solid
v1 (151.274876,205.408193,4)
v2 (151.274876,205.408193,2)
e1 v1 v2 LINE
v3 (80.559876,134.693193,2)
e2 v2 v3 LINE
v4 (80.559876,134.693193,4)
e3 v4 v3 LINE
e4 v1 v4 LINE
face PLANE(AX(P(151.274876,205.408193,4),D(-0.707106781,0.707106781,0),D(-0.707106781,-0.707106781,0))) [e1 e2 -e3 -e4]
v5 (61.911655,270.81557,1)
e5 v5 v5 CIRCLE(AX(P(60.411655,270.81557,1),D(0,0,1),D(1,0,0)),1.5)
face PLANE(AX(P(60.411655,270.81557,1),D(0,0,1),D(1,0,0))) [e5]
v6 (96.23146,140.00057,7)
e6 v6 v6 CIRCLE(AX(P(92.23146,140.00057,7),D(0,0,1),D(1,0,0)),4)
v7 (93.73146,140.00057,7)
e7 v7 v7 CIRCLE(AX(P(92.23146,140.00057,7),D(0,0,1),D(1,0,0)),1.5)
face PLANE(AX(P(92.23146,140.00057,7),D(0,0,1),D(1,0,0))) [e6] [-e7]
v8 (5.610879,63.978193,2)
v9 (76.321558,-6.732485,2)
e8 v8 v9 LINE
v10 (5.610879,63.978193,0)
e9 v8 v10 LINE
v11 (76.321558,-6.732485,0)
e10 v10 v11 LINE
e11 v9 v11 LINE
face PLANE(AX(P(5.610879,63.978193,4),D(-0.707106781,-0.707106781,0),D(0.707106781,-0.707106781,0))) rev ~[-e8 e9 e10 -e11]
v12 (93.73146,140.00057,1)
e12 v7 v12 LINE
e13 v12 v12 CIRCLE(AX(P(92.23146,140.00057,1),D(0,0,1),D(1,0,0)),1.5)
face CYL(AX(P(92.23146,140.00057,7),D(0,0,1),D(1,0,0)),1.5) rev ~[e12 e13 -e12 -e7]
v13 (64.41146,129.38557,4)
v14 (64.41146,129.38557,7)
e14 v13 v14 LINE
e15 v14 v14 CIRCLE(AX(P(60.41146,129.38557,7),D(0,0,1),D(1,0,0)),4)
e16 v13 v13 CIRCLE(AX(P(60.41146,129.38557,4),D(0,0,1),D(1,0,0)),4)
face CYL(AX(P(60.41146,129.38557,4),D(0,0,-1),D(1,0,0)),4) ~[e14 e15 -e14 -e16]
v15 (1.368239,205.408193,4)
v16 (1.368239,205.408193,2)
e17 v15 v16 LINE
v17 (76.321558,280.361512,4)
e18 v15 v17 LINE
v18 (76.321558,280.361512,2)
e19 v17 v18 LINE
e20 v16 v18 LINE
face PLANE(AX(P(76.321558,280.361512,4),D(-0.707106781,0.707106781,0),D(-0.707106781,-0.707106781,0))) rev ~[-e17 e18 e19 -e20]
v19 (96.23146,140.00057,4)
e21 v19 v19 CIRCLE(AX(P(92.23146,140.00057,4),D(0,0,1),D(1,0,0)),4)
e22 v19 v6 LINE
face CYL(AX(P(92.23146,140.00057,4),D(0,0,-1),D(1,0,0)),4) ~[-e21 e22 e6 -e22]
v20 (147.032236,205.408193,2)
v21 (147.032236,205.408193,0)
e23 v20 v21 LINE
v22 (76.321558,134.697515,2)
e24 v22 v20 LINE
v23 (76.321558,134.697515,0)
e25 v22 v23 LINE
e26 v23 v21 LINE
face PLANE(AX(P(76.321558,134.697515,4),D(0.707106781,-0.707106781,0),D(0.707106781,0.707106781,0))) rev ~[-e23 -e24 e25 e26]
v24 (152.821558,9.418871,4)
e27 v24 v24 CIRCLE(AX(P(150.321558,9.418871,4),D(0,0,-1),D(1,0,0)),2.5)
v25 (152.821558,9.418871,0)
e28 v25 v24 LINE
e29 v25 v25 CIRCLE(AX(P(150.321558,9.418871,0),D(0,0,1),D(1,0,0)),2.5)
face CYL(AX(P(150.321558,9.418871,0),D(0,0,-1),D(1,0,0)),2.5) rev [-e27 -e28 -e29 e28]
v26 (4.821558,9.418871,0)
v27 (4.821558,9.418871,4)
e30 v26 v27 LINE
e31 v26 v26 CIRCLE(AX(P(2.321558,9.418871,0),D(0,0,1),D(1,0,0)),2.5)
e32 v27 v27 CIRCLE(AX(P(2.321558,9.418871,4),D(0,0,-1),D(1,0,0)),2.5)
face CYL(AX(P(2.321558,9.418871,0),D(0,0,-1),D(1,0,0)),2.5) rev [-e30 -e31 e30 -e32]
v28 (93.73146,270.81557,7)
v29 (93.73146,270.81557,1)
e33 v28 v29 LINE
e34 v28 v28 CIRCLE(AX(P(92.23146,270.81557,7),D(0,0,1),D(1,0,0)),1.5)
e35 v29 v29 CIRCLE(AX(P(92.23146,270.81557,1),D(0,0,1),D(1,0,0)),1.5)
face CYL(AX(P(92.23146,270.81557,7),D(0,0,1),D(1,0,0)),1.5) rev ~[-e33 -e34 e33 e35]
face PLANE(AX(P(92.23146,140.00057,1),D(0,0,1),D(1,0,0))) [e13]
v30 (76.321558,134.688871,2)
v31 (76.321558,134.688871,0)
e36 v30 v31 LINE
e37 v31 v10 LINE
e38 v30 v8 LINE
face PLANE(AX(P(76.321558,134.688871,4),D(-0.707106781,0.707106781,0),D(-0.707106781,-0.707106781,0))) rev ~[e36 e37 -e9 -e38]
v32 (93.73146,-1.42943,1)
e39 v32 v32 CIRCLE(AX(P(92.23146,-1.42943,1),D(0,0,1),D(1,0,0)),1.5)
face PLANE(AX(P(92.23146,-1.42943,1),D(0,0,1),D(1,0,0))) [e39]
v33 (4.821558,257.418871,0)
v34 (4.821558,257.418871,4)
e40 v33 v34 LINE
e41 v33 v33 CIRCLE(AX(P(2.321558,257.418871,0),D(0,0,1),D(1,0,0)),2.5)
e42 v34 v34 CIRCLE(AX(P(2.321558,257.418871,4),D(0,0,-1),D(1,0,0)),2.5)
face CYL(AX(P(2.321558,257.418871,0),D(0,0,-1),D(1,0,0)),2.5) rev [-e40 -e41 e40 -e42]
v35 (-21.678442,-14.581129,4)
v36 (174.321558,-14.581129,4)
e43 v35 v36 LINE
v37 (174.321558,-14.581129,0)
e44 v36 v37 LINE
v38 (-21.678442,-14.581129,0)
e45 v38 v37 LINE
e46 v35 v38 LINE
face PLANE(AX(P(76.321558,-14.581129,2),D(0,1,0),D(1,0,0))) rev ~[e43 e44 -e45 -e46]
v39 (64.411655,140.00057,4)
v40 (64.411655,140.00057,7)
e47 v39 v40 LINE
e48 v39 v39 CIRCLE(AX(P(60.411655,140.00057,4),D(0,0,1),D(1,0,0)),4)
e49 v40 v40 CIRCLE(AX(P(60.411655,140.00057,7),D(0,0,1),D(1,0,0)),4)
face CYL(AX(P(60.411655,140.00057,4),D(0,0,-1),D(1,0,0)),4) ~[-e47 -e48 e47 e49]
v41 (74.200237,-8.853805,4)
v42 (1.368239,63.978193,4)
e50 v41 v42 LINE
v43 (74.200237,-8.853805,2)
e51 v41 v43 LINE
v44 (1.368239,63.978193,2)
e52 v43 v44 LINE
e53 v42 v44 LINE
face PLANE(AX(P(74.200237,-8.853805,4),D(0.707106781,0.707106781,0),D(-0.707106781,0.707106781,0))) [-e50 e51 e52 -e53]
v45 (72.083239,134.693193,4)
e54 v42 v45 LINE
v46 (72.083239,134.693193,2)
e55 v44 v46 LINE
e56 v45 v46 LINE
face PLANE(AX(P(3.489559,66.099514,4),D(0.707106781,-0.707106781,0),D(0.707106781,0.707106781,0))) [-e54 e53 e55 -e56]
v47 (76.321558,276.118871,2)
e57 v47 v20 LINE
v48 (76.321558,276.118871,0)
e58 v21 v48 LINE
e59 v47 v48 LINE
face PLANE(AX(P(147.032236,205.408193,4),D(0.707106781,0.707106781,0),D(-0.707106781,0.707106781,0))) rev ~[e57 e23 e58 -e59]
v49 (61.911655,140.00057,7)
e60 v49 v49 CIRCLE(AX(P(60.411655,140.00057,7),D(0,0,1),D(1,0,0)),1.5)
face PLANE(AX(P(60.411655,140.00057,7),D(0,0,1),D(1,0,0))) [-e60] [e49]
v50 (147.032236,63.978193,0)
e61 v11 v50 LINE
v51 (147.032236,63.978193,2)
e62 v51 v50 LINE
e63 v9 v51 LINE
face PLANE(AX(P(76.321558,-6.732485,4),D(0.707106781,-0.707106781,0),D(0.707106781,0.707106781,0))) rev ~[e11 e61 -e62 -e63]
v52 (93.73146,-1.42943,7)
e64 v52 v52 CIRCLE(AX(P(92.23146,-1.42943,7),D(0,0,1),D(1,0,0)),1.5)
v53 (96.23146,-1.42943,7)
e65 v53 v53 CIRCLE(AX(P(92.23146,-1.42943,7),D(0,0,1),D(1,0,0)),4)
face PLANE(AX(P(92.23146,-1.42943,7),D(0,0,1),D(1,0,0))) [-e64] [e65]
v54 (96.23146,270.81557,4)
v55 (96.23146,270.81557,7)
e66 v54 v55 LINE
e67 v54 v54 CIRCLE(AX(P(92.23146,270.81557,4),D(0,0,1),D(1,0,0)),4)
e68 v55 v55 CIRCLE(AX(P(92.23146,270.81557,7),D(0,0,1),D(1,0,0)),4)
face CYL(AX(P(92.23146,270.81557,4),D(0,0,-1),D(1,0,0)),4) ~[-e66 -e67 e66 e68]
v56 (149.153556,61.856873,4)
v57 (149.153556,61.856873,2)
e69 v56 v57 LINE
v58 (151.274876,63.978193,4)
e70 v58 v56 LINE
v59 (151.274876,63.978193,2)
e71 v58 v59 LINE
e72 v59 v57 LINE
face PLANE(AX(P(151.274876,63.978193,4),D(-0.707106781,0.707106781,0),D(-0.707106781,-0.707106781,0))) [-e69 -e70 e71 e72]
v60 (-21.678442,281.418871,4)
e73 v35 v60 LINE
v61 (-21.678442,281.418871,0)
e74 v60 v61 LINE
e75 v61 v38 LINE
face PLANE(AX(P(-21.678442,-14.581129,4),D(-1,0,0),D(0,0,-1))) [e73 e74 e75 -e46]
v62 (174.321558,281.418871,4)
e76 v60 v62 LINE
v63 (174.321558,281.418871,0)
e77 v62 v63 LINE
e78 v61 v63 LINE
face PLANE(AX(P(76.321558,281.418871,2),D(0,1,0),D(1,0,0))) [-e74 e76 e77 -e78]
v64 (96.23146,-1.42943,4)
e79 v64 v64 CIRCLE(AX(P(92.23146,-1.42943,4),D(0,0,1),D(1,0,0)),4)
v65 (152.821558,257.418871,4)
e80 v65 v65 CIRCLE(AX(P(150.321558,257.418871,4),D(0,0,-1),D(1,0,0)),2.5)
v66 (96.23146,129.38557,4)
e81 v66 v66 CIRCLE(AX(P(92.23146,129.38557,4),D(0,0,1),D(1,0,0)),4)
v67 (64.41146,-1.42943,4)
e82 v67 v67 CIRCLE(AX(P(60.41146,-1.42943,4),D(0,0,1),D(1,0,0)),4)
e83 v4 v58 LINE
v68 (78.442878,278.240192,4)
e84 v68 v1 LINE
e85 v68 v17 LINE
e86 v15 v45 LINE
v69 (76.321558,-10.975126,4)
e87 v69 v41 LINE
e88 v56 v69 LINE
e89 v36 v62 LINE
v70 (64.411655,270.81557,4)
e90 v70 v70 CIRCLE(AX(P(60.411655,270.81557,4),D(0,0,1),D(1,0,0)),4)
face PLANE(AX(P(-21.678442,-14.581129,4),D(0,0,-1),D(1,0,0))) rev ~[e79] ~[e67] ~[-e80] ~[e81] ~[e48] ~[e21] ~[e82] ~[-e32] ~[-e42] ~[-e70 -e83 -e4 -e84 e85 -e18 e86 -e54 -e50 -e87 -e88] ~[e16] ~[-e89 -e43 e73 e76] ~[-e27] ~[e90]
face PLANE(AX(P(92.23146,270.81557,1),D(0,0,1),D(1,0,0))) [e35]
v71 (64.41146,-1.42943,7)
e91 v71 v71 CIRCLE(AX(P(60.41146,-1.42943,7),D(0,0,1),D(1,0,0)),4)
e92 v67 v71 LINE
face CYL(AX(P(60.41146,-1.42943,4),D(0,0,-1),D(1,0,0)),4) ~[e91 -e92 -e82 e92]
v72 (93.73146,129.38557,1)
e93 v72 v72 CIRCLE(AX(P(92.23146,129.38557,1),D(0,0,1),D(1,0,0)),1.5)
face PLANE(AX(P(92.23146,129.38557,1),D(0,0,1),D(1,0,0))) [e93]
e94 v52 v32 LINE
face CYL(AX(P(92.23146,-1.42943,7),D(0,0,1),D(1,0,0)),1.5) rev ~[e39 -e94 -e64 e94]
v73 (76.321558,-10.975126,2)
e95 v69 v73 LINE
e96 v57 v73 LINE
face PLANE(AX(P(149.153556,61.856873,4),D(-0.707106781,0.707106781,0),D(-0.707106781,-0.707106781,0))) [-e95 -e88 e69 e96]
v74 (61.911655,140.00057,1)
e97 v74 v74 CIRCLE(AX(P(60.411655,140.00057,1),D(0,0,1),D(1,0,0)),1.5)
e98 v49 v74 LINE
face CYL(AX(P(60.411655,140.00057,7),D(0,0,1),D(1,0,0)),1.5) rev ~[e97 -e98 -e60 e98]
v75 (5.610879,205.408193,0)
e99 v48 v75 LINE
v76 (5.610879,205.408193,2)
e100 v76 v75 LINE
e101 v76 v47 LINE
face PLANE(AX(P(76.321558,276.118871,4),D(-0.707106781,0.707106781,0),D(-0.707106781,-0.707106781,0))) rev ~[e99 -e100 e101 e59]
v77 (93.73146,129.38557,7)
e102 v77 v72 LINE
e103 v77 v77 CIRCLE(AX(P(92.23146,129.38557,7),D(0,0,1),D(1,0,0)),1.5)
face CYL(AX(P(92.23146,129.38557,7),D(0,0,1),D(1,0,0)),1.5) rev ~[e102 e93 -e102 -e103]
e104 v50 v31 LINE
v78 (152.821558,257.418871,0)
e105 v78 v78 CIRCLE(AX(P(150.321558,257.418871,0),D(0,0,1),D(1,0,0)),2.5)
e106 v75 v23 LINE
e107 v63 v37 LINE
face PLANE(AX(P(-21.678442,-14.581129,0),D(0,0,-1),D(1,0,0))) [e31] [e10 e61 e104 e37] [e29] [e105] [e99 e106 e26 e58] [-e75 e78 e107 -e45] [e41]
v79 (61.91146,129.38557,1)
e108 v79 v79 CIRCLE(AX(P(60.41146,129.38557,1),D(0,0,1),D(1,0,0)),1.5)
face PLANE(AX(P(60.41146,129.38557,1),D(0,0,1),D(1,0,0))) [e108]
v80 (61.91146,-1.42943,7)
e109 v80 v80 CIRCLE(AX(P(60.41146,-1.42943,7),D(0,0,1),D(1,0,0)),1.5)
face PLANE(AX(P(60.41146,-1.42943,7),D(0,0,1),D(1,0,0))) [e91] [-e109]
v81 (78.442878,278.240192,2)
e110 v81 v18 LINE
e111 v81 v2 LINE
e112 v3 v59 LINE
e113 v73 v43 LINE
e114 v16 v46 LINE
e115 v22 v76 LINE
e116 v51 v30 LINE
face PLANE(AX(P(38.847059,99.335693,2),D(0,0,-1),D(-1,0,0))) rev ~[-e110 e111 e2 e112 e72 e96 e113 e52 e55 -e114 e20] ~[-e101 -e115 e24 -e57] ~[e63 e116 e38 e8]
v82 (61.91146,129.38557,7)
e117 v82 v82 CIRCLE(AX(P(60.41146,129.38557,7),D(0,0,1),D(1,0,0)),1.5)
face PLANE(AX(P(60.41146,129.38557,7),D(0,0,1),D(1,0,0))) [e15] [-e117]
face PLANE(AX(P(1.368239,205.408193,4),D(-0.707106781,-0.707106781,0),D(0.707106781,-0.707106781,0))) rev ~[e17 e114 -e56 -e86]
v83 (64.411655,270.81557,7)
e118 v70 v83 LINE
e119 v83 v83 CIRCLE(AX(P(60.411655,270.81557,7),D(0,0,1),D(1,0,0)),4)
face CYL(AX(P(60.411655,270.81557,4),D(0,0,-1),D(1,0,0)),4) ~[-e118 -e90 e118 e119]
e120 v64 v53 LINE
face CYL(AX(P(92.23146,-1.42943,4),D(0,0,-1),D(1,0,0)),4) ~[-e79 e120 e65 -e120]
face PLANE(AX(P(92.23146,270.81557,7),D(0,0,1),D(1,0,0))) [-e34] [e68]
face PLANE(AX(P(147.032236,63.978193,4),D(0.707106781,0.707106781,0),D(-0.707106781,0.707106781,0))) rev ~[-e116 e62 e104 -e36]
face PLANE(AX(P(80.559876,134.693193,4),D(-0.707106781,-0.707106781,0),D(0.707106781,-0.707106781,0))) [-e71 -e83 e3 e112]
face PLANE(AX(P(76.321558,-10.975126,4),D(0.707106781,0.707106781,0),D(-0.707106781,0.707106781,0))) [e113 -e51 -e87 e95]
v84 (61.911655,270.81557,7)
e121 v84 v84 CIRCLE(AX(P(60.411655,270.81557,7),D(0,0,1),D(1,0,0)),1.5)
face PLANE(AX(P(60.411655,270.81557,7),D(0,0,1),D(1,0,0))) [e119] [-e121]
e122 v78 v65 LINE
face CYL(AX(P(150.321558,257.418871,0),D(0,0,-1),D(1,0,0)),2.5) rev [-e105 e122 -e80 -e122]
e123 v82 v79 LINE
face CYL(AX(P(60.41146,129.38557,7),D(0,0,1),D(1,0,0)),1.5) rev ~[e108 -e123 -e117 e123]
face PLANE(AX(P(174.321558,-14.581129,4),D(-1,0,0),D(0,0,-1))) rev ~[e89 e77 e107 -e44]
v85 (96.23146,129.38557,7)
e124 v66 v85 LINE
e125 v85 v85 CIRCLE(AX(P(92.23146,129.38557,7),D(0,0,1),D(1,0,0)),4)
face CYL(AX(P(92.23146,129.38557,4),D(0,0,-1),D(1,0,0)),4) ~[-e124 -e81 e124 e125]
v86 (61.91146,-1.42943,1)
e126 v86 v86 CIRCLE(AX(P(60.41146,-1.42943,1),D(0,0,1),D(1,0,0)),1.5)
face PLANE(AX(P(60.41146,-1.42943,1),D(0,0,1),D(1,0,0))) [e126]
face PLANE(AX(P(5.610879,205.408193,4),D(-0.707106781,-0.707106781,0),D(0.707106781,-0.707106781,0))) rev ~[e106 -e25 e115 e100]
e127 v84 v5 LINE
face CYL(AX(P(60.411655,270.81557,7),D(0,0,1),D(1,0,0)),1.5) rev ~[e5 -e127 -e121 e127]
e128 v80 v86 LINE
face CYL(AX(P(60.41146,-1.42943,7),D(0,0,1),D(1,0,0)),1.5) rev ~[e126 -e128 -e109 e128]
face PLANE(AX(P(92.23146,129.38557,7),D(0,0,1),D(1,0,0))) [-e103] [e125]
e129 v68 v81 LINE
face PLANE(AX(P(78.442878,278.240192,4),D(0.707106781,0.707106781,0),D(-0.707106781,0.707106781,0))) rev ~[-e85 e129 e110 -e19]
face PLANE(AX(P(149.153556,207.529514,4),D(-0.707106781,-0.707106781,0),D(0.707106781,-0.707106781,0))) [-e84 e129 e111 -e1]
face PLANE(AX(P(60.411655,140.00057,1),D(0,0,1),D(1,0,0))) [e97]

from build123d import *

# Parameters (mm, degrees)
ESQUISSE1_W                          = 194
ESQUISSE1_H                          = 294
BOSS_EXTRU_1_DEPTH                   = 4
ESQUISSE2_R                          = 2.5
ENL_V_MAT_EXTRU_4_DEPTH              = 330.683341579
ENL_V_MAT_EXTRU_17_DEPTH             = 330.683341579
R_P_TITION_LIN_AIRE2_COUNT           = 2
R_P_TITION_LIN_AIRE2_PITCH           = 141.43
ESQUISSE5_R                          = 4
BOSS_EXTRU_2_DEPTH                   = 3
ESQUISSE6_R                          = 1.5
ENL_V_MAT_EXTRU_18_DEPTH             = 6
ESQUISSE7_R                          = 1.5
ENL_V_MAT_EXTRU_19_DEPTH             = 6
R_P_TITION_LIN_AIRE5_COUNT           = 2
R_P_TITION_LIN_AIRE5_PITCH           = 130.815
ESQUISSE10_R                         = 1.5
ENL_V_MAT_EXTRU_20_DEPTH             = 6
ESQUISSE9_R                          = 4
BOSS_EXTRU_3_DEPTH                   = 3
ESQUISSE11_R                         = 1.5
ENL_V_MAT_EXTRU_21_DEPTH             = 6
R_P_TITION_LIN_AIRE6_COUNT           = 2
R_P_TITION_LIN_AIRE6_PITCH           = 31.82
R_P_TITION_LIN_AIRE7_COPY_1_SKETCH_R = 4
R_P_TITION_LIN_AIRE7_COPY_1_DEPTH    = 3
R_P_TITION_LIN_AIRE7_COPY_2_SKETCH_R = 1.5
R_P_TITION_LIN_AIRE7_COPY_2_DEPTH    = 6
R_P_TITION_LIN_AIRE7_COPY_3_SKETCH_R = 4
R_P_TITION_LIN_AIRE7_COPY_3_DEPTH    = 3
R_P_TITION_LIN_AIRE7_COPY_4_SKETCH_R = 1.5
R_P_TITION_LIN_AIRE7_COPY_4_DEPTH    = 6
ENL_V_MAT_EXTRU_22_DEPTH             = 2
ENL_V_MAT_EXTRU_23_DEPTH             = 2
ENL_V_MAT_EXTRU_25_DEPTH             = 2
ENL_V_MAT_EXTRU_27_DEPTH             = 2
ENL_V_MAT_EXTRU_28_DEPTH             = 2
ENL_V_MAT_EXTRU_29_DEPTH             = 2
ENL_V_MAT_EXTRU_30_DEPTH             = 2
ENL_V_MAT_EXTRU_31_DEPTH             = 2
ESQUISSE23_W                         = 4
ESQUISSE23_H                         = 294
BOSS_EXTRU_4_DEPTH                   = 1
R_P_TITION_LIN_AIRE8_COUNT           = 2
R_P_TITION_LIN_AIRE8_PITCH           = 195
ESQUISSE24_W                         = 196
ESQUISSE24_H                         = 4
BOSS_EXTRU_5_DEPTH                   = 1
R_P_TITION_LIN_AIRE9_COUNT           = 2
R_P_TITION_LIN_AIRE9_PITCH           = 295


with BuildPart() as part:
    # Esquisse1 → Boss.-Extru.1 (new body)
    with BuildSketch(Plane.XY):
        with Locations((76.321557543, 133.418871343)):
            Rectangle(ESQUISSE1_W, ESQUISSE1_H)
    extrude(amount=BOSS_EXTRU_1_DEPTH)

    # Esquisse2 → Enlèv. mat.-Extru.4 (cut, through all)
    with BuildSketch(Plane.XY):
        with Locations((2.321557543, 257.418871343)):
            Circle(ESQUISSE2_R)
        with Locations((150.321557543, 257.418871343)):
            Circle(ESQUISSE2_R)
        with Locations((150.321557543, 9.418871343)):
            Circle(ESQUISSE2_R)
        with Locations((2.321557543, 9.418871343)):
            Circle(ESQUISSE2_R)
    extrude(amount=ENL_V_MAT_EXTRU_4_DEPTH, mode=Mode.SUBTRACT)

    # Esquisse4 → Enlèv. mat.-Extru.17 (cut, through all)
    with BuildSketch(Plane.XY.offset(4)):
        Polygon((147.032235662, 205.408193225), (76.321557543, 276.118871343), (5.610879425, 205.408193225), (76.321557543, 134.697515106), align=None)
    enl_v_mat_extru_17 = extrude(amount=-ENL_V_MAT_EXTRU_17_DEPTH, mode=Mode.SUBTRACT)

    # Répétition linéaire2: Enlèv. mat.-Extru.17 ×2
    with Locations(*[(0, -i * R_P_TITION_LIN_AIRE2_PITCH, 0) for i in range(1, R_P_TITION_LIN_AIRE2_COUNT)]):
        add(enl_v_mat_extru_17, mode=Mode.SUBTRACT)

    # Esquisse5 → Boss.-Extru.2 (add)
    with BuildSketch(Plane.XY.offset(4)):
        with Locations((60.411654967, 270.815570484)):
            Circle(ESQUISSE5_R)
        with Locations((92.23146012, 270.815570484)):
            Circle(ESQUISSE5_R)
    boss_extru_2 = extrude(amount=BOSS_EXTRU_2_DEPTH)

    # Esquisse6 → Enlèv. mat.-Extru.18 (cut)
    with BuildSketch(Plane.XY.offset(7)):
        with Locations((60.411654967, 270.815570484)):
            Circle(ESQUISSE6_R)
    enl_v_mat_extru_18 = extrude(amount=-ENL_V_MAT_EXTRU_18_DEPTH, mode=Mode.SUBTRACT)

    # Esquisse7 → Enlèv. mat.-Extru.19 (cut)
    with BuildSketch(Plane.XY.offset(7)):
        with Locations((92.23146012, 270.815570484)):
            Circle(ESQUISSE7_R)
    extrude(amount=-ENL_V_MAT_EXTRU_19_DEPTH, mode=Mode.SUBTRACT)

    # Répétition linéaire5: Boss.-Extru.2, Enlèv. mat.-Extru.18 ×2
    with Locations(*[(0, -i * R_P_TITION_LIN_AIRE5_PITCH, 0) for i in range(1, R_P_TITION_LIN_AIRE5_COUNT)]):
        add(boss_extru_2)
        add(enl_v_mat_extru_18, mode=Mode.SUBTRACT)

    # Esquisse10 → Enlèv. mat.-Extru.20 (cut)
    with BuildSketch(Plane.XY.offset(7)):
        with Locations((92.23146012, 140.000570484)):
            Circle(ESQUISSE10_R)
    extrude(amount=-ENL_V_MAT_EXTRU_20_DEPTH, mode=Mode.SUBTRACT)

    # Esquisse9 → Boss.-Extru.3 (add)
    with BuildSketch(Plane.XY.offset(4)):
        with Locations((92.23146012, 129.385570484)):
            Circle(ESQUISSE9_R)
    boss_extru_3 = extrude(amount=BOSS_EXTRU_3_DEPTH)

    # Esquisse11 → Enlèv. mat.-Extru.21 (cut)
    with BuildSketch(Plane.XY.offset(7)):
        with Locations((92.23146012, 129.385570484)):
            Circle(ESQUISSE11_R)
    enl_v_mat_extru_21 = extrude(amount=-ENL_V_MAT_EXTRU_21_DEPTH, mode=Mode.SUBTRACT)

    # Répétition linéaire6: Boss.-Extru.3, Enlèv. mat.-Extru.21 ×2
    with Locations(*[(-i * R_P_TITION_LIN_AIRE6_PITCH, 0, 0) for i in range(1, R_P_TITION_LIN_AIRE6_COUNT)]):
        add(boss_extru_3)
        add(enl_v_mat_extru_21, mode=Mode.SUBTRACT)

    # Répétition linéaire7 copy 1 sketch → Répétition linéaire7 copy 1 (add)
    with BuildSketch(Plane(origin=(-31.82, -130.815, 4), x_dir=(1, 0, 0), z_dir=(0, 0, 1))):
        with Locations((92.23146012, 129.385570484)):
            Circle(R_P_TITION_LIN_AIRE7_COPY_1_SKETCH_R)
    extrude(amount=R_P_TITION_LIN_AIRE7_COPY_1_DEPTH)

    # Répétition linéaire7 copy 2 sketch → Répétition linéaire7 copy 2 (cut)
    with BuildSketch(Plane(origin=(-31.82, -130.815, 7), x_dir=(1, 0, 0), z_dir=(0, 0, 1))):
        with Locations((92.23146012, 129.385570484)):
            Circle(R_P_TITION_LIN_AIRE7_COPY_2_SKETCH_R)
    extrude(amount=-R_P_TITION_LIN_AIRE7_COPY_2_DEPTH, mode=Mode.SUBTRACT)

    # Répétition linéaire7 copy 3 sketch → Répétition linéaire7 copy 3 (add)
    with BuildSketch(Plane(origin=(0, -130.815, 4), x_dir=(1, 0, 0), z_dir=(0, 0, 1))):
        with Locations((92.23146012, 129.385570484)):
            Circle(R_P_TITION_LIN_AIRE7_COPY_3_SKETCH_R)
    extrude(amount=R_P_TITION_LIN_AIRE7_COPY_3_DEPTH)

    # Répétition linéaire7 copy 4 sketch → Répétition linéaire7 copy 4 (cut)
    with BuildSketch(Plane(origin=(0, -130.815, 7), x_dir=(1, 0, 0), z_dir=(0, 0, 1))):
        with Locations((92.23146012, 129.385570484)):
            Circle(R_P_TITION_LIN_AIRE7_COPY_4_SKETCH_R)
    extrude(amount=-R_P_TITION_LIN_AIRE7_COPY_4_DEPTH, mode=Mode.SUBTRACT)

    # Esquisse13 → Enlèv. mat.-Extru.22 (cut)
    with BuildSketch(Plane.XY.offset(4)):
        Polygon((76.321557543, 276.118871343), (147.032235662, 205.408193225), (149.153556006, 207.529513568), (78.442877887, 278.240191687), align=None)
    extrude(amount=-ENL_V_MAT_EXTRU_22_DEPTH, mode=Mode.SUBTRACT)

    # Esquisse14 → Enlèv. mat.-Extru.23 (cut)
    with BuildSketch(Plane.XY.offset(4)):
        Polygon((5.610879425, 205.408193225), (78.442877887, 278.240191687), (76.321557543, 280.36151203), (3.489559081, 207.529513568), align=None)
    extrude(amount=-ENL_V_MAT_EXTRU_23_DEPTH, mode=Mode.SUBTRACT)

    # Esquisse15 → Enlèv. mat.-Extru.25 (cut)
    with BuildSketch(Plane.XY.offset(4)):
        Polygon((76.325879425, 134.693193225), (3.489559081, 207.529513568), (1.368238738, 205.408193225), (74.204559081, 132.571872881), align=None)
    extrude(amount=-ENL_V_MAT_EXTRU_25_DEPTH, mode=Mode.SUBTRACT)

    # Esquisse16 → Enlèv. mat.-Extru.27 (cut)
    with BuildSketch(Plane.XY.offset(4)):
        Polygon((76.317235662, 134.693193225), (149.153556006, 207.529513568), (151.274876349, 205.408193225), (78.438556006, 132.571872881), align=None)
    extrude(amount=-ENL_V_MAT_EXTRU_27_DEPTH, mode=Mode.SUBTRACT)

    # Esquisse19 → Enlèv. mat.-Extru.28 (cut)
    with BuildSketch(Plane.XY.offset(4)):
        Polygon((74.204559081, 132.571872881), (5.610879425, 63.978193225), (3.489559081, 66.099513568), (72.083238738, 134.693193225), align=None)
    extrude(amount=-ENL_V_MAT_EXTRU_28_DEPTH, mode=Mode.SUBTRACT)

    # Esquisse20 → Enlèv. mat.-Extru.29 (cut)
    with BuildSketch(Plane.XY.offset(4)):
        Polygon((3.489559081, 66.099513568), (76.321557543, -6.732484894), (74.2002372, -8.853805238), (1.368238738, 63.978193225), align=None)
    extrude(amount=-ENL_V_MAT_EXTRU_29_DEPTH, mode=Mode.SUBTRACT)

    # Esquisse21 → Enlèv. mat.-Extru.30 (cut)
    with BuildSketch(Plane.XY.offset(4)):
        Polygon((74.2002372, -8.853805238), (147.032235662, 63.978193225), (149.153556006, 61.856872881), (76.321557543, -10.975125581), align=None)
    extrude(amount=-ENL_V_MAT_EXTRU_30_DEPTH, mode=Mode.SUBTRACT)

    # Esquisse22 → Enlèv. mat.-Extru.31 (cut)
    with BuildSketch(Plane.XY.offset(4)):
        Polygon((149.153556006, 61.856872881), (78.438556006, 132.571872881), (80.559876349, 134.693193225), (151.274876349, 63.978193225), align=None)
    extrude(amount=-ENL_V_MAT_EXTRU_31_DEPTH, mode=Mode.SUBTRACT)

    # Esquisse23 → Boss.-Extru.4 (add)
    with BuildSketch(Plane(origin=(173.321557543, 0, 0), x_dir=(0, 0, -1), z_dir=(1, 0, 0))):
        with Locations((-2, 133.418871343)):
            Rectangle(ESQUISSE23_W, ESQUISSE23_H)
    boss_extru_4 = extrude(amount=BOSS_EXTRU_4_DEPTH)

    # Répétition linéaire8: Boss.-Extru.4 ×2
    with Locations(*[(-i * R_P_TITION_LIN_AIRE8_PITCH, 0, 0) for i in range(1, R_P_TITION_LIN_AIRE8_COUNT)]):
        add(boss_extru_4)

    # Esquisse24 → Boss.-Extru.5 (add)
    with BuildSketch(Plane(origin=(0, 280.418871343, 0), x_dir=(1, 0, 0), z_dir=(0, 1, 0))):
        with Locations((76.321557543, -2)):
            Rectangle(ESQUISSE24_W, ESQUISSE24_H)
    boss_extru_5 = extrude(amount=BOSS_EXTRU_5_DEPTH)

    # Répétition linéaire9: Boss.-Extru.5 ×2
    with Locations(*[(0, -i * R_P_TITION_LIN_AIRE9_PITCH, 0) for i in range(1, R_P_TITION_LIN_AIRE9_COUNT)]):
        add(boss_extru_5)


solid = part.part
